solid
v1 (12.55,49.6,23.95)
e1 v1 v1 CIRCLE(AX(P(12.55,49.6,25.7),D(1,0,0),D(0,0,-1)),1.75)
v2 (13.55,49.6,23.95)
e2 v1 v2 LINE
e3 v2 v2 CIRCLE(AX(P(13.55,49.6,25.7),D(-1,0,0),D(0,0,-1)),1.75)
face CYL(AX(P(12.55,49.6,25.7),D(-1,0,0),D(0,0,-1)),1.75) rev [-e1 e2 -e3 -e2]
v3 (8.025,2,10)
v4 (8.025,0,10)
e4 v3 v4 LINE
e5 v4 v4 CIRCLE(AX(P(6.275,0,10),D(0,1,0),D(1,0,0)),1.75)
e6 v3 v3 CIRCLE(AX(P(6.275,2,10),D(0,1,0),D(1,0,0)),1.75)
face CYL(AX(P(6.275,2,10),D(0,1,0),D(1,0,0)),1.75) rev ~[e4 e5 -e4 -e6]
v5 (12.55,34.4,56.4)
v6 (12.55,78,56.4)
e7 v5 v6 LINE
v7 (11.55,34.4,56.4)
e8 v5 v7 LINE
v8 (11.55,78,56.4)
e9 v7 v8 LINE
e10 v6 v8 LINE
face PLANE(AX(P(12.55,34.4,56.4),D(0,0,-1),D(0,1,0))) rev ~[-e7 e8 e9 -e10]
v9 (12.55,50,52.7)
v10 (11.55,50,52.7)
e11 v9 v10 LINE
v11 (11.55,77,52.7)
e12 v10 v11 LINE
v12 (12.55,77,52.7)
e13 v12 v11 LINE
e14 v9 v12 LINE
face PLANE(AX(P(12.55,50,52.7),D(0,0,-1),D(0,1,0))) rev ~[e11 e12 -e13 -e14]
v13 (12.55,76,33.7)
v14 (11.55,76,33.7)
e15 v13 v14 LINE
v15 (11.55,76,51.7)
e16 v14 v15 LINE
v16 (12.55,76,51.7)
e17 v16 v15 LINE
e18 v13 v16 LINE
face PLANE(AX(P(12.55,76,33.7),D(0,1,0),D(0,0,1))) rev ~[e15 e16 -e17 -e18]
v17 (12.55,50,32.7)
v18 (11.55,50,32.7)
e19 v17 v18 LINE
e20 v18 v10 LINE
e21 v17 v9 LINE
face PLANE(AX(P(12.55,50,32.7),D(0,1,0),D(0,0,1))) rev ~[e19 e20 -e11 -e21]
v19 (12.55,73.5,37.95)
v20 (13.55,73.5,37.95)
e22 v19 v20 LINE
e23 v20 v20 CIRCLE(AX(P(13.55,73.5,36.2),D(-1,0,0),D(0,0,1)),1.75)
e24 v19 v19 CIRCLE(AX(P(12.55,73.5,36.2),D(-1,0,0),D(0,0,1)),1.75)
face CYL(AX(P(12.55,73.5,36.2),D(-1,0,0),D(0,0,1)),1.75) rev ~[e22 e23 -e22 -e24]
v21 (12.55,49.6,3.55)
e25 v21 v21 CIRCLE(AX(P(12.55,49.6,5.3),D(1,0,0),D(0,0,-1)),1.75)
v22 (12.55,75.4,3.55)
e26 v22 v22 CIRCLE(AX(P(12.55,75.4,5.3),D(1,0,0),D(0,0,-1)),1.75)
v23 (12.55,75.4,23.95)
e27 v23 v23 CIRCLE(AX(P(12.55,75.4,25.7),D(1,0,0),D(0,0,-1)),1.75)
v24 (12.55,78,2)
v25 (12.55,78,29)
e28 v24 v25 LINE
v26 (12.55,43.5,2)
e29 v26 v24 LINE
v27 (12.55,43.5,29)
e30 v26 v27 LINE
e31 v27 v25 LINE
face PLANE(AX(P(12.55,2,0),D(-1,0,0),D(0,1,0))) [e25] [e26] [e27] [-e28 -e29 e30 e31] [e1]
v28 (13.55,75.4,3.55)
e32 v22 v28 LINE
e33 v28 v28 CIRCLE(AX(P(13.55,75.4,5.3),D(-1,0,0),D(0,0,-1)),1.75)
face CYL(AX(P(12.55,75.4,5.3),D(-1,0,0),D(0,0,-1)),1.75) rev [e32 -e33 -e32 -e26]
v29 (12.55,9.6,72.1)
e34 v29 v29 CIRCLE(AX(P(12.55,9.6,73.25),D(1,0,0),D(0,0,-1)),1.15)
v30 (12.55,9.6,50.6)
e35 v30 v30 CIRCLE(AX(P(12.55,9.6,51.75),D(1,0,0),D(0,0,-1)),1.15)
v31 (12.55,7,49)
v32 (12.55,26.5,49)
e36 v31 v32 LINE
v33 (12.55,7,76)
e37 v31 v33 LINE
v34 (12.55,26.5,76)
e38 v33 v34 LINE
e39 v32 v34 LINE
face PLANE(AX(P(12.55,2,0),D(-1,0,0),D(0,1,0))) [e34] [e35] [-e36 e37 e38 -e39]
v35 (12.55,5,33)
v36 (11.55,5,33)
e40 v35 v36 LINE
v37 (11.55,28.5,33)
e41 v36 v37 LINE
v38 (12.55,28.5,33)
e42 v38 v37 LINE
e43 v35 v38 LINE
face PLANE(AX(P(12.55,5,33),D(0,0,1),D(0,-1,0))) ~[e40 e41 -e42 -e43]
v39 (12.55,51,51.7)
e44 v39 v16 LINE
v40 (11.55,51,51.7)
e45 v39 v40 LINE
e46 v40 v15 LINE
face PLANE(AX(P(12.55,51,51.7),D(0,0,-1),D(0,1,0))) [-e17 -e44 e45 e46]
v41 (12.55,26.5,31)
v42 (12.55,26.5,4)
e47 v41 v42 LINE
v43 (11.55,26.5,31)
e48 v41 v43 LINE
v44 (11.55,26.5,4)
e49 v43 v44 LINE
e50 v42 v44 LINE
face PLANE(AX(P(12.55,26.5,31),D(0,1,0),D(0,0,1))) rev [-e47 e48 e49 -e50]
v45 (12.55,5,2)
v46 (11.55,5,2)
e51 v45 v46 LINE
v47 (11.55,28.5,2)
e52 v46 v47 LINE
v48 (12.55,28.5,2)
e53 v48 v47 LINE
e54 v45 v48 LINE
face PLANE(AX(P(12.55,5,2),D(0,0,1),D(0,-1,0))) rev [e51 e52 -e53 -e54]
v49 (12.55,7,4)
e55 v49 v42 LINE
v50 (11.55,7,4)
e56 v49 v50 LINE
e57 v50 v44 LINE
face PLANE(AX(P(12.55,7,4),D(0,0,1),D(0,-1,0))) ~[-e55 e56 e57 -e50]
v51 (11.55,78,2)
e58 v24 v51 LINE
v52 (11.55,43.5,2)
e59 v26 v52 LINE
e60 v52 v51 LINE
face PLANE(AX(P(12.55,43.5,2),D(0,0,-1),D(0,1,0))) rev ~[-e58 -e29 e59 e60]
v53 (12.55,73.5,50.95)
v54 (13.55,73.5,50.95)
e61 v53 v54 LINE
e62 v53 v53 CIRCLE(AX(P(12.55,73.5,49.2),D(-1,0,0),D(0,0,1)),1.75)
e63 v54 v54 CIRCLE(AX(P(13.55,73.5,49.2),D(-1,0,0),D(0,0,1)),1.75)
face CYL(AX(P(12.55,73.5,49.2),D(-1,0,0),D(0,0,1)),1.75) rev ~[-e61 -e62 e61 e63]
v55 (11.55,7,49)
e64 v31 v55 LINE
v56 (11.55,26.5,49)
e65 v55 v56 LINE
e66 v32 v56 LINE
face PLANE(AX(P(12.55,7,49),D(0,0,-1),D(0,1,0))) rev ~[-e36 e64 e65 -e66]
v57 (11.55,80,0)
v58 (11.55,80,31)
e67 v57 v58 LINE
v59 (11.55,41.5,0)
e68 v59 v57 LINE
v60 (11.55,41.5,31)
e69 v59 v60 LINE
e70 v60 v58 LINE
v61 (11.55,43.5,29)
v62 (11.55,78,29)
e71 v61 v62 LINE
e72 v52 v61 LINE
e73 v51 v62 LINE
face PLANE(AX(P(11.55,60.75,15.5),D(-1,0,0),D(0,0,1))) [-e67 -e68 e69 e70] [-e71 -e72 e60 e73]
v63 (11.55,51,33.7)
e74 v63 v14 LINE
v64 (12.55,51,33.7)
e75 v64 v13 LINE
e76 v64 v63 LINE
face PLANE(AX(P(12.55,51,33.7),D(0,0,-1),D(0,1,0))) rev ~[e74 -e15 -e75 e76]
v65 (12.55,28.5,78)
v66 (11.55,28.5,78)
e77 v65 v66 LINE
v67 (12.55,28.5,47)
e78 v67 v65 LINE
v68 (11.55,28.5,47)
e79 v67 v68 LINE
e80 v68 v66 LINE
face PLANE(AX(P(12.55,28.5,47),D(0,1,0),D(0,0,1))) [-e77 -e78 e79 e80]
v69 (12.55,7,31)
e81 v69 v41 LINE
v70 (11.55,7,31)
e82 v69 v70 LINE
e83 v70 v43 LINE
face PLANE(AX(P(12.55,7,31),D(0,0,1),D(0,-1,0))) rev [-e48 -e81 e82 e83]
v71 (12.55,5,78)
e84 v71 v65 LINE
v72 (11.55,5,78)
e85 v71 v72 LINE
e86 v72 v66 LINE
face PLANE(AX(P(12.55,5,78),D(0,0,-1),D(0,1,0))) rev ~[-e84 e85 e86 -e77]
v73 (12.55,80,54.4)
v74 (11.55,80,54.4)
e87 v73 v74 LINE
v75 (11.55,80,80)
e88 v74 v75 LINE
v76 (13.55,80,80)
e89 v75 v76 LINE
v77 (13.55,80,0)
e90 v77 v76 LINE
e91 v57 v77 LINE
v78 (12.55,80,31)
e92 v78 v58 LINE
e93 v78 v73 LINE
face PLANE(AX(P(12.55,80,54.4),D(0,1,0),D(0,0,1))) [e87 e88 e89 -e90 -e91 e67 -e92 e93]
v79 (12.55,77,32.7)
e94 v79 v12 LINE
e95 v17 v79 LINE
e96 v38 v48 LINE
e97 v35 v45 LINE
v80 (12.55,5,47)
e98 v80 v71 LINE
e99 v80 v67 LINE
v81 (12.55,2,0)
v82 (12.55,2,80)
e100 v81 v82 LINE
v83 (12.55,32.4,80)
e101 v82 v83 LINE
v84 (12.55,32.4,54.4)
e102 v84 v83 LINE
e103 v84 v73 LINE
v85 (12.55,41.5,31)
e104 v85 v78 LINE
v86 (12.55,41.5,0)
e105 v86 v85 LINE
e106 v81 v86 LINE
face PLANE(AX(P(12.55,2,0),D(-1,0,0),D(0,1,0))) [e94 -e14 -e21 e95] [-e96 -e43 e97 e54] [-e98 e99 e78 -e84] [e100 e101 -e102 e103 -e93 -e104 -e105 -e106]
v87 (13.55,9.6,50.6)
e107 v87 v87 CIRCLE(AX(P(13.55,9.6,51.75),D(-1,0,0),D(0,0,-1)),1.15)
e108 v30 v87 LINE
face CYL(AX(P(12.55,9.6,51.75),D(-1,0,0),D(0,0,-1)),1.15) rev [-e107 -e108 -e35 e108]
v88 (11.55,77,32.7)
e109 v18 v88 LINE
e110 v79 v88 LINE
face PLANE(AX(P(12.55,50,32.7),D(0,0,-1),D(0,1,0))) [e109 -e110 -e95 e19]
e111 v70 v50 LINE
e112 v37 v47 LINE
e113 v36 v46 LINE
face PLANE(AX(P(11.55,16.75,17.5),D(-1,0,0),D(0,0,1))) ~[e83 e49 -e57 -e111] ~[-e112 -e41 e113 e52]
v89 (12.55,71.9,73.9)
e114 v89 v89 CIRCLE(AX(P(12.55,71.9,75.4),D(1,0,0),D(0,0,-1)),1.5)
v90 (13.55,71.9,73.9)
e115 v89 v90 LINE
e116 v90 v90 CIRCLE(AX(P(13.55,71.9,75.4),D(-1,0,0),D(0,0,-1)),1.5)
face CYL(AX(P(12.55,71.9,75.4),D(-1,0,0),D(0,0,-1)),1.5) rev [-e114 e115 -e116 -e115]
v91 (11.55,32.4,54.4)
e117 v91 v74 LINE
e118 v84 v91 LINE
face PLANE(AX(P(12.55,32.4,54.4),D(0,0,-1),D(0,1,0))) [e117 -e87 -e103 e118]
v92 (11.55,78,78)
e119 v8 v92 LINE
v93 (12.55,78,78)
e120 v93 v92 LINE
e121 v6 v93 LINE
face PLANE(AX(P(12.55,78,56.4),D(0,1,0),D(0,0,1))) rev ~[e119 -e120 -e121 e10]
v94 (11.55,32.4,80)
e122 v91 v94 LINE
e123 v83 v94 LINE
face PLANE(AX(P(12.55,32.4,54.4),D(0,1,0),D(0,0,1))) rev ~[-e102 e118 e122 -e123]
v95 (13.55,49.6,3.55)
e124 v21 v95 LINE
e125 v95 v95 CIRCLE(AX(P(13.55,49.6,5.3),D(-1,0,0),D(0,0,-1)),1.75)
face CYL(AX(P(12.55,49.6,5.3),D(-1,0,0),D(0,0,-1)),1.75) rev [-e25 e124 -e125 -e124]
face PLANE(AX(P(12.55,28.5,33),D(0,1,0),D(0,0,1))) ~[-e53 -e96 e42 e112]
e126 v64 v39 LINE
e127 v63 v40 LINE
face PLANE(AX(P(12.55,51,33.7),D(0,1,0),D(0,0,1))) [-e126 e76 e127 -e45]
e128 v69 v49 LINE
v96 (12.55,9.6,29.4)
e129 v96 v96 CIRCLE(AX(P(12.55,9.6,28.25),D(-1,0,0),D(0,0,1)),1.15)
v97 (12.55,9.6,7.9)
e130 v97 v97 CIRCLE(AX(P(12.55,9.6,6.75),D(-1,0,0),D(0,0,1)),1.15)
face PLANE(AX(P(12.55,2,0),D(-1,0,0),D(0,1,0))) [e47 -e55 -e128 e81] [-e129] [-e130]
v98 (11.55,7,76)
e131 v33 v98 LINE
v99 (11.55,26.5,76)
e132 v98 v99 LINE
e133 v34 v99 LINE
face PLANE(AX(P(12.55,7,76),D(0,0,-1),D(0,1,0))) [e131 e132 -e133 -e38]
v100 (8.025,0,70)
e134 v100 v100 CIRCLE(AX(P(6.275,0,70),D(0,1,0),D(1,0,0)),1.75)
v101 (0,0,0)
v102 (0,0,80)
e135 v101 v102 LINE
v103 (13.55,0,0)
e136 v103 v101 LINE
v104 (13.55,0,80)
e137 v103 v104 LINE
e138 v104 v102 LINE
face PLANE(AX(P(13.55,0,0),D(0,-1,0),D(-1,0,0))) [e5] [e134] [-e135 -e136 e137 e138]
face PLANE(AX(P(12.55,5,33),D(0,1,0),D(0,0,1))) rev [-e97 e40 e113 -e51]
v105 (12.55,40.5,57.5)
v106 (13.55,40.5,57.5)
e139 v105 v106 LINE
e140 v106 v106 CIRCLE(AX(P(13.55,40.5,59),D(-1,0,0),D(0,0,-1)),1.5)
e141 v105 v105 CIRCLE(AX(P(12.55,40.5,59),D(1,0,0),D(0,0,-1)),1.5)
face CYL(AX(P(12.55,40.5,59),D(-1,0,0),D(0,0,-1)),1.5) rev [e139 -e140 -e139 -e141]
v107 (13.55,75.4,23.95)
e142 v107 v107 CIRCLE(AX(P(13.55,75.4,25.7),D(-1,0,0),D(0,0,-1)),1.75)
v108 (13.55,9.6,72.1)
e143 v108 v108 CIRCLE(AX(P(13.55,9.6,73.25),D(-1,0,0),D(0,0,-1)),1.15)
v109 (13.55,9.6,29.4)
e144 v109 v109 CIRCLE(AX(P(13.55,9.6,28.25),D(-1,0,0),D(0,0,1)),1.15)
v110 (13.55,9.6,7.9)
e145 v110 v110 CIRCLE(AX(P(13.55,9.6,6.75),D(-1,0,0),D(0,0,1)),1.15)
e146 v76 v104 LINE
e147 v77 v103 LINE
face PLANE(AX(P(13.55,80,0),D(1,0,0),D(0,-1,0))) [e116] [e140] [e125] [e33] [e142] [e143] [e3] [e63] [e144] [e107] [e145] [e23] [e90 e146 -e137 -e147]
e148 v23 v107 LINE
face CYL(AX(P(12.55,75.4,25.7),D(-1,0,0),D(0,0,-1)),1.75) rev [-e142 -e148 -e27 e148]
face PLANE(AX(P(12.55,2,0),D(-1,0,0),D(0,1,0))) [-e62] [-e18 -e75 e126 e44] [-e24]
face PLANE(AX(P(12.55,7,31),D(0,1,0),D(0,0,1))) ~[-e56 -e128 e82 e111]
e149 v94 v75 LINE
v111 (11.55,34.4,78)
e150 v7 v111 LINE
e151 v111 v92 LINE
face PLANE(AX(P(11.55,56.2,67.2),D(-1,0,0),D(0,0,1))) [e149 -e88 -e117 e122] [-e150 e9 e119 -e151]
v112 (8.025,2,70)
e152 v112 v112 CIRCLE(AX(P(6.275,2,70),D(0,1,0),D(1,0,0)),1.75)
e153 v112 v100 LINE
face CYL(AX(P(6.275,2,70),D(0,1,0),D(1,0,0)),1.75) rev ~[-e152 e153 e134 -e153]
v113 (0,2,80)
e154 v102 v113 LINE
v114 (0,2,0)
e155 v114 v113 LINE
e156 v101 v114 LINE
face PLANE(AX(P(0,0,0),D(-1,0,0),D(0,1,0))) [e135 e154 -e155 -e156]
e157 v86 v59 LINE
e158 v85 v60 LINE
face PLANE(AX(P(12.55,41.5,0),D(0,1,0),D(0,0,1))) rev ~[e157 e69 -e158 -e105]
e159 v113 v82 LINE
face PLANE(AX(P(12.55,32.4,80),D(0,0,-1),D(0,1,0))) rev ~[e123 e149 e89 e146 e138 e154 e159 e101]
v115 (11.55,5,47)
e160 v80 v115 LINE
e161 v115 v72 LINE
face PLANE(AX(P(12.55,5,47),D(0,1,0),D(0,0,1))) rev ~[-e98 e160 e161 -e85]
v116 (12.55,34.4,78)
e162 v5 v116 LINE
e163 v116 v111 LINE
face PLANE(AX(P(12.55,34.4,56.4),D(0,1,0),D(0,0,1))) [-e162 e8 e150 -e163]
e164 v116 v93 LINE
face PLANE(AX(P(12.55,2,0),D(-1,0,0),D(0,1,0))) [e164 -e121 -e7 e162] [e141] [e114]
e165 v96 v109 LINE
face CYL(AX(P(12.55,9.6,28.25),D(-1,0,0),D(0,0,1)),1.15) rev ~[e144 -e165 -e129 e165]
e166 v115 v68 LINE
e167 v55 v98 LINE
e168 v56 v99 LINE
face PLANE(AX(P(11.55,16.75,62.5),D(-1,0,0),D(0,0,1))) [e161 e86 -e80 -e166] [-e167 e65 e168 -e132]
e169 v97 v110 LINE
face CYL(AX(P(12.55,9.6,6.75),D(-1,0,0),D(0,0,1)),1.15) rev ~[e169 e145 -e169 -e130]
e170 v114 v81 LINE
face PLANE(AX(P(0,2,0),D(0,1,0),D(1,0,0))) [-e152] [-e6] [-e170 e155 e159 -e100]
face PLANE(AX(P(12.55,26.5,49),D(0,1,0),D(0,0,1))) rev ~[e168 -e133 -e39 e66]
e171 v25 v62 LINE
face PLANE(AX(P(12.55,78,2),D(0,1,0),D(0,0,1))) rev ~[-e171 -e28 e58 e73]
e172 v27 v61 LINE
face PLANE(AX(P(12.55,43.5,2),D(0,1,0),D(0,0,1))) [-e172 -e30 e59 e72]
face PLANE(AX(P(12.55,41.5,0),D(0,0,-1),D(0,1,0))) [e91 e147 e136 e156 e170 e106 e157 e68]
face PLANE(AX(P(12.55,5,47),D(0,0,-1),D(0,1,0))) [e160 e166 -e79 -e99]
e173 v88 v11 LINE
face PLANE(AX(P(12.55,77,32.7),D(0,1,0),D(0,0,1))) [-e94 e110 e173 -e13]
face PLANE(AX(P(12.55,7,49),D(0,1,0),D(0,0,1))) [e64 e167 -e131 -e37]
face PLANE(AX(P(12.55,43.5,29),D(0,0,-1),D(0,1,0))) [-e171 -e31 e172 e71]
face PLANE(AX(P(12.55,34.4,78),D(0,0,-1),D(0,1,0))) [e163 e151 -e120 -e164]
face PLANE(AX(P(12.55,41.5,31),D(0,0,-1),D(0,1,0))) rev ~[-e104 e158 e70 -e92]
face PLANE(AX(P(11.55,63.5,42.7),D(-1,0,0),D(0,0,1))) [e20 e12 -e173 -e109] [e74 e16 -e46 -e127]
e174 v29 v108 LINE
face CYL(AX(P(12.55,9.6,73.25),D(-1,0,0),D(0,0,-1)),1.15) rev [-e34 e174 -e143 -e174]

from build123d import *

# Parameters (mm, degrees)
BASE_DEPTH               = 80
SCREW_HOLES_BASE_REACH   = 4
SKETCH3_R                = 1.75
SKETCH6_W                = 31
SKETCH6_H                = 38.5
SKETCH6_W_2              = 27
SKETCH6_H_2              = 34.5
S2MINI_DEPTH             = 1
SKETCH8_R                = 1.75
SCREW_HOLES_S2MINI_DEPTH = 10
SKETCH10_W               = 31
SKETCH10_H               = 23.5
SKETCH10_W_2             = 27
SKETCH10_H_2             = 19.5
MD_DEPTH                 = 1
SKETCH12_R               = 1.15
SCREW_HOLES_MD_DEPTH     = 10
SKETCH14_W               = 25.6
SKETCH14_H               = 47.6
SKETCH14_W_2             = 21.6
SKETCH14_H_2             = 43.6
BC_DEPTH                 = 1
SKETCH16_R               = 1.5
SCREW_HOLES_BC_DEPTH     = 10
SKETCH17_W               = 20
SKETCH17_H               = 27
SKETCH17_W_2             = 18
SKETCH17_H_2             = 25
LA_DEPTH                 = 1
CUT_EXTRUDE6_REACH       = 3
SKETCH18_R               = 1.75


with BuildPart() as part:
    # Sketch1 → Base (new body)
    with BuildSketch(Plane.XY):
        Polygon((0, 0), (0, 2), (12.55, 2), (12.55, 80), (13.55, 80), (13.55, 0), align=None)
    extrude(amount=BASE_DEPTH)

    # Sketch3 → Screw_Holes_Base (cut, up to next)
    with BuildSketch(Plane(origin=(0, 2, 0), x_dir=(1, 0, 0), z_dir=(0, 1, 0)), mode=Mode.PRIVATE) as screw_holes_base_sk1:
        with Locations((6.275, -10)):
            Circle(SKETCH3_R)
    screw_holes_base_tool1 = extrude(screw_holes_base_sk1.sketch, amount=-SCREW_HOLES_BASE_REACH, mode=Mode.PRIVATE) & part.part
    add(screw_holes_base_tool1.solids().sort_by_distance((6.275, 2, 10))[0], mode=Mode.SUBTRACT)
    # Sketch3 → Screw_Holes_Base (cut, up to next)
    with BuildSketch(Plane(origin=(0, 2, 0), x_dir=(1, 0, 0), z_dir=(0, 1, 0)), mode=Mode.PRIVATE) as screw_holes_base_sk2:
        with Locations((6.275, -70)):
            Circle(SKETCH3_R)
    screw_holes_base_tool2 = extrude(screw_holes_base_sk2.sketch, amount=-SCREW_HOLES_BASE_REACH, mode=Mode.PRIVATE) & part.part
    add(screw_holes_base_tool2.solids().sort_by_distance((6.275, 2, 70))[0], mode=Mode.SUBTRACT)

    # Sketch6 → S2Mini (add)
    with BuildSketch(Plane(origin=(12.55, -16.871702151, -147.313128111), x_dir=(0, 0, 1), z_dir=(-1, 0, 0))):
        with Locations((162.813128111, 77.621702151)):
            Rectangle(SKETCH6_W, SKETCH6_H)
        with Locations((162.813128111, 77.621702151)):
            Rectangle(SKETCH6_W_2, SKETCH6_H_2, mode=Mode.SUBTRACT)
    extrude(amount=S2MINI_DEPTH)

    # Sketch8 → Screw_Holes_S2Mini (cut)
    with BuildSketch(Plane(origin=(12.55, 0, 13.55), x_dir=(0, 0, -1), z_dir=(1, 0, 0))):
        with Locations((-12.15, 75.4)):
            Circle(SKETCH8_R)
        with Locations((8.25, 75.4)):
            Circle(SKETCH8_R)
        with Locations((-12.15, 49.6)):
            Circle(SKETCH8_R)
        with Locations((8.25, 49.6)):
            Circle(SKETCH8_R)
    extrude(amount=SCREW_HOLES_S2MINI_DEPTH, mode=Mode.SUBTRACT)

    # Sketch10 → MD (add)
    with BuildSketch(Plane(origin=(12.55, 37.151538962, -62.266989531), x_dir=(0, 0, 1), z_dir=(-1, 0, 0))):
        with Locations((124.766989531, -20.401538962)):
            Rectangle(SKETCH10_W, SKETCH10_H)
        with Locations((124.766989531, -20.401538962)):
            Rectangle(SKETCH10_W_2, SKETCH10_H_2, mode=Mode.SUBTRACT)
    md = extrude(amount=MD_DEPTH)

    # Sketch12 → Screw_Holes_MD (cut)
    with BuildSketch(Plane(origin=(12.55, 0, 13.55), x_dir=(0, 0, -1), z_dir=(1, 0, 0))):
        with Locations((-59.7, 9.6)):
            Circle(SKETCH12_R)
        with Locations((-38.2, 9.6)):
            Circle(SKETCH12_R)
    screw_holes_md = extrude(amount=SCREW_HOLES_MD_DEPTH, mode=Mode.SUBTRACT)

    # Mirror1: MD, Screw_Holes_MD across plane
    add(md.mirror(Plane.XY.offset(40)))
    add(screw_holes_md.mirror(Plane.XY.offset(40)), mode=Mode.SUBTRACT)

    # Sketch14 → BC (add)
    with BuildSketch(Plane(origin=(12.55, 28.832330024, -107.15387648), x_dir=(0, 0, 1), z_dir=(-1, 0, 0))):
        with Locations((174.35387648, 27.367669976)):
            Rectangle(SKETCH14_W, SKETCH14_H)
        with Locations((174.35387648, 27.367669976)):
            Rectangle(SKETCH14_W_2, SKETCH14_H_2, mode=Mode.SUBTRACT)
    extrude(amount=BC_DEPTH)

    # Sketch16 → Screw_Holes_BC (cut)
    with BuildSketch(Plane(origin=(12.55, 0, 13.55), x_dir=(0, 0, -1), z_dir=(1, 0, 0))):
        with Locations((-45.45, 40.5)):
            Circle(SKETCH16_R)
        with Locations((-61.85, 71.9)):
            Circle(SKETCH16_R)
    extrude(amount=SCREW_HOLES_BC_DEPTH, mode=Mode.SUBTRACT)

    # Sketch17 → LA (add)
    with BuildSketch(Plane.ZY.offset(-12.55)):
        with Locations((42.7, 63.5)):
            Rectangle(SKETCH17_W, SKETCH17_H)
        with Locations((42.7, 63.5)):
            Rectangle(SKETCH17_W_2, SKETCH17_H_2, mode=Mode.SUBTRACT)
    extrude(amount=LA_DEPTH)

    # Sketch18 → Cut-Extrude6 (cut, up to next)
    with BuildSketch(Plane.ZY.offset(-12.55), mode=Mode.PRIVATE) as cut_extrude6_sk1:
        with Locations((36.2, 73.5)):
            Circle(SKETCH18_R)
    cut_extrude6_tool1 = extrude(cut_extrude6_sk1.sketch, amount=-CUT_EXTRUDE6_REACH, mode=Mode.PRIVATE) & part.part
    add(cut_extrude6_tool1.solids().sort_by_distance((12.55, 73.5, 36.2))[0], mode=Mode.SUBTRACT)
    # Sketch18 → Cut-Extrude6 (cut, up to next)
    with BuildSketch(Plane.ZY.offset(-12.55), mode=Mode.PRIVATE) as cut_extrude6_sk2:
        with Locations((49.2, 73.5)):
            Circle(SKETCH18_R)
    cut_extrude6_tool2 = extrude(cut_extrude6_sk2.sketch, amount=-CUT_EXTRUDE6_REACH, mode=Mode.PRIVATE) & part.part
    add(cut_extrude6_tool2.solids().sort_by_distance((12.55, 73.5, 49.2))[0], mode=Mode.SUBTRACT)


solid = part.part
